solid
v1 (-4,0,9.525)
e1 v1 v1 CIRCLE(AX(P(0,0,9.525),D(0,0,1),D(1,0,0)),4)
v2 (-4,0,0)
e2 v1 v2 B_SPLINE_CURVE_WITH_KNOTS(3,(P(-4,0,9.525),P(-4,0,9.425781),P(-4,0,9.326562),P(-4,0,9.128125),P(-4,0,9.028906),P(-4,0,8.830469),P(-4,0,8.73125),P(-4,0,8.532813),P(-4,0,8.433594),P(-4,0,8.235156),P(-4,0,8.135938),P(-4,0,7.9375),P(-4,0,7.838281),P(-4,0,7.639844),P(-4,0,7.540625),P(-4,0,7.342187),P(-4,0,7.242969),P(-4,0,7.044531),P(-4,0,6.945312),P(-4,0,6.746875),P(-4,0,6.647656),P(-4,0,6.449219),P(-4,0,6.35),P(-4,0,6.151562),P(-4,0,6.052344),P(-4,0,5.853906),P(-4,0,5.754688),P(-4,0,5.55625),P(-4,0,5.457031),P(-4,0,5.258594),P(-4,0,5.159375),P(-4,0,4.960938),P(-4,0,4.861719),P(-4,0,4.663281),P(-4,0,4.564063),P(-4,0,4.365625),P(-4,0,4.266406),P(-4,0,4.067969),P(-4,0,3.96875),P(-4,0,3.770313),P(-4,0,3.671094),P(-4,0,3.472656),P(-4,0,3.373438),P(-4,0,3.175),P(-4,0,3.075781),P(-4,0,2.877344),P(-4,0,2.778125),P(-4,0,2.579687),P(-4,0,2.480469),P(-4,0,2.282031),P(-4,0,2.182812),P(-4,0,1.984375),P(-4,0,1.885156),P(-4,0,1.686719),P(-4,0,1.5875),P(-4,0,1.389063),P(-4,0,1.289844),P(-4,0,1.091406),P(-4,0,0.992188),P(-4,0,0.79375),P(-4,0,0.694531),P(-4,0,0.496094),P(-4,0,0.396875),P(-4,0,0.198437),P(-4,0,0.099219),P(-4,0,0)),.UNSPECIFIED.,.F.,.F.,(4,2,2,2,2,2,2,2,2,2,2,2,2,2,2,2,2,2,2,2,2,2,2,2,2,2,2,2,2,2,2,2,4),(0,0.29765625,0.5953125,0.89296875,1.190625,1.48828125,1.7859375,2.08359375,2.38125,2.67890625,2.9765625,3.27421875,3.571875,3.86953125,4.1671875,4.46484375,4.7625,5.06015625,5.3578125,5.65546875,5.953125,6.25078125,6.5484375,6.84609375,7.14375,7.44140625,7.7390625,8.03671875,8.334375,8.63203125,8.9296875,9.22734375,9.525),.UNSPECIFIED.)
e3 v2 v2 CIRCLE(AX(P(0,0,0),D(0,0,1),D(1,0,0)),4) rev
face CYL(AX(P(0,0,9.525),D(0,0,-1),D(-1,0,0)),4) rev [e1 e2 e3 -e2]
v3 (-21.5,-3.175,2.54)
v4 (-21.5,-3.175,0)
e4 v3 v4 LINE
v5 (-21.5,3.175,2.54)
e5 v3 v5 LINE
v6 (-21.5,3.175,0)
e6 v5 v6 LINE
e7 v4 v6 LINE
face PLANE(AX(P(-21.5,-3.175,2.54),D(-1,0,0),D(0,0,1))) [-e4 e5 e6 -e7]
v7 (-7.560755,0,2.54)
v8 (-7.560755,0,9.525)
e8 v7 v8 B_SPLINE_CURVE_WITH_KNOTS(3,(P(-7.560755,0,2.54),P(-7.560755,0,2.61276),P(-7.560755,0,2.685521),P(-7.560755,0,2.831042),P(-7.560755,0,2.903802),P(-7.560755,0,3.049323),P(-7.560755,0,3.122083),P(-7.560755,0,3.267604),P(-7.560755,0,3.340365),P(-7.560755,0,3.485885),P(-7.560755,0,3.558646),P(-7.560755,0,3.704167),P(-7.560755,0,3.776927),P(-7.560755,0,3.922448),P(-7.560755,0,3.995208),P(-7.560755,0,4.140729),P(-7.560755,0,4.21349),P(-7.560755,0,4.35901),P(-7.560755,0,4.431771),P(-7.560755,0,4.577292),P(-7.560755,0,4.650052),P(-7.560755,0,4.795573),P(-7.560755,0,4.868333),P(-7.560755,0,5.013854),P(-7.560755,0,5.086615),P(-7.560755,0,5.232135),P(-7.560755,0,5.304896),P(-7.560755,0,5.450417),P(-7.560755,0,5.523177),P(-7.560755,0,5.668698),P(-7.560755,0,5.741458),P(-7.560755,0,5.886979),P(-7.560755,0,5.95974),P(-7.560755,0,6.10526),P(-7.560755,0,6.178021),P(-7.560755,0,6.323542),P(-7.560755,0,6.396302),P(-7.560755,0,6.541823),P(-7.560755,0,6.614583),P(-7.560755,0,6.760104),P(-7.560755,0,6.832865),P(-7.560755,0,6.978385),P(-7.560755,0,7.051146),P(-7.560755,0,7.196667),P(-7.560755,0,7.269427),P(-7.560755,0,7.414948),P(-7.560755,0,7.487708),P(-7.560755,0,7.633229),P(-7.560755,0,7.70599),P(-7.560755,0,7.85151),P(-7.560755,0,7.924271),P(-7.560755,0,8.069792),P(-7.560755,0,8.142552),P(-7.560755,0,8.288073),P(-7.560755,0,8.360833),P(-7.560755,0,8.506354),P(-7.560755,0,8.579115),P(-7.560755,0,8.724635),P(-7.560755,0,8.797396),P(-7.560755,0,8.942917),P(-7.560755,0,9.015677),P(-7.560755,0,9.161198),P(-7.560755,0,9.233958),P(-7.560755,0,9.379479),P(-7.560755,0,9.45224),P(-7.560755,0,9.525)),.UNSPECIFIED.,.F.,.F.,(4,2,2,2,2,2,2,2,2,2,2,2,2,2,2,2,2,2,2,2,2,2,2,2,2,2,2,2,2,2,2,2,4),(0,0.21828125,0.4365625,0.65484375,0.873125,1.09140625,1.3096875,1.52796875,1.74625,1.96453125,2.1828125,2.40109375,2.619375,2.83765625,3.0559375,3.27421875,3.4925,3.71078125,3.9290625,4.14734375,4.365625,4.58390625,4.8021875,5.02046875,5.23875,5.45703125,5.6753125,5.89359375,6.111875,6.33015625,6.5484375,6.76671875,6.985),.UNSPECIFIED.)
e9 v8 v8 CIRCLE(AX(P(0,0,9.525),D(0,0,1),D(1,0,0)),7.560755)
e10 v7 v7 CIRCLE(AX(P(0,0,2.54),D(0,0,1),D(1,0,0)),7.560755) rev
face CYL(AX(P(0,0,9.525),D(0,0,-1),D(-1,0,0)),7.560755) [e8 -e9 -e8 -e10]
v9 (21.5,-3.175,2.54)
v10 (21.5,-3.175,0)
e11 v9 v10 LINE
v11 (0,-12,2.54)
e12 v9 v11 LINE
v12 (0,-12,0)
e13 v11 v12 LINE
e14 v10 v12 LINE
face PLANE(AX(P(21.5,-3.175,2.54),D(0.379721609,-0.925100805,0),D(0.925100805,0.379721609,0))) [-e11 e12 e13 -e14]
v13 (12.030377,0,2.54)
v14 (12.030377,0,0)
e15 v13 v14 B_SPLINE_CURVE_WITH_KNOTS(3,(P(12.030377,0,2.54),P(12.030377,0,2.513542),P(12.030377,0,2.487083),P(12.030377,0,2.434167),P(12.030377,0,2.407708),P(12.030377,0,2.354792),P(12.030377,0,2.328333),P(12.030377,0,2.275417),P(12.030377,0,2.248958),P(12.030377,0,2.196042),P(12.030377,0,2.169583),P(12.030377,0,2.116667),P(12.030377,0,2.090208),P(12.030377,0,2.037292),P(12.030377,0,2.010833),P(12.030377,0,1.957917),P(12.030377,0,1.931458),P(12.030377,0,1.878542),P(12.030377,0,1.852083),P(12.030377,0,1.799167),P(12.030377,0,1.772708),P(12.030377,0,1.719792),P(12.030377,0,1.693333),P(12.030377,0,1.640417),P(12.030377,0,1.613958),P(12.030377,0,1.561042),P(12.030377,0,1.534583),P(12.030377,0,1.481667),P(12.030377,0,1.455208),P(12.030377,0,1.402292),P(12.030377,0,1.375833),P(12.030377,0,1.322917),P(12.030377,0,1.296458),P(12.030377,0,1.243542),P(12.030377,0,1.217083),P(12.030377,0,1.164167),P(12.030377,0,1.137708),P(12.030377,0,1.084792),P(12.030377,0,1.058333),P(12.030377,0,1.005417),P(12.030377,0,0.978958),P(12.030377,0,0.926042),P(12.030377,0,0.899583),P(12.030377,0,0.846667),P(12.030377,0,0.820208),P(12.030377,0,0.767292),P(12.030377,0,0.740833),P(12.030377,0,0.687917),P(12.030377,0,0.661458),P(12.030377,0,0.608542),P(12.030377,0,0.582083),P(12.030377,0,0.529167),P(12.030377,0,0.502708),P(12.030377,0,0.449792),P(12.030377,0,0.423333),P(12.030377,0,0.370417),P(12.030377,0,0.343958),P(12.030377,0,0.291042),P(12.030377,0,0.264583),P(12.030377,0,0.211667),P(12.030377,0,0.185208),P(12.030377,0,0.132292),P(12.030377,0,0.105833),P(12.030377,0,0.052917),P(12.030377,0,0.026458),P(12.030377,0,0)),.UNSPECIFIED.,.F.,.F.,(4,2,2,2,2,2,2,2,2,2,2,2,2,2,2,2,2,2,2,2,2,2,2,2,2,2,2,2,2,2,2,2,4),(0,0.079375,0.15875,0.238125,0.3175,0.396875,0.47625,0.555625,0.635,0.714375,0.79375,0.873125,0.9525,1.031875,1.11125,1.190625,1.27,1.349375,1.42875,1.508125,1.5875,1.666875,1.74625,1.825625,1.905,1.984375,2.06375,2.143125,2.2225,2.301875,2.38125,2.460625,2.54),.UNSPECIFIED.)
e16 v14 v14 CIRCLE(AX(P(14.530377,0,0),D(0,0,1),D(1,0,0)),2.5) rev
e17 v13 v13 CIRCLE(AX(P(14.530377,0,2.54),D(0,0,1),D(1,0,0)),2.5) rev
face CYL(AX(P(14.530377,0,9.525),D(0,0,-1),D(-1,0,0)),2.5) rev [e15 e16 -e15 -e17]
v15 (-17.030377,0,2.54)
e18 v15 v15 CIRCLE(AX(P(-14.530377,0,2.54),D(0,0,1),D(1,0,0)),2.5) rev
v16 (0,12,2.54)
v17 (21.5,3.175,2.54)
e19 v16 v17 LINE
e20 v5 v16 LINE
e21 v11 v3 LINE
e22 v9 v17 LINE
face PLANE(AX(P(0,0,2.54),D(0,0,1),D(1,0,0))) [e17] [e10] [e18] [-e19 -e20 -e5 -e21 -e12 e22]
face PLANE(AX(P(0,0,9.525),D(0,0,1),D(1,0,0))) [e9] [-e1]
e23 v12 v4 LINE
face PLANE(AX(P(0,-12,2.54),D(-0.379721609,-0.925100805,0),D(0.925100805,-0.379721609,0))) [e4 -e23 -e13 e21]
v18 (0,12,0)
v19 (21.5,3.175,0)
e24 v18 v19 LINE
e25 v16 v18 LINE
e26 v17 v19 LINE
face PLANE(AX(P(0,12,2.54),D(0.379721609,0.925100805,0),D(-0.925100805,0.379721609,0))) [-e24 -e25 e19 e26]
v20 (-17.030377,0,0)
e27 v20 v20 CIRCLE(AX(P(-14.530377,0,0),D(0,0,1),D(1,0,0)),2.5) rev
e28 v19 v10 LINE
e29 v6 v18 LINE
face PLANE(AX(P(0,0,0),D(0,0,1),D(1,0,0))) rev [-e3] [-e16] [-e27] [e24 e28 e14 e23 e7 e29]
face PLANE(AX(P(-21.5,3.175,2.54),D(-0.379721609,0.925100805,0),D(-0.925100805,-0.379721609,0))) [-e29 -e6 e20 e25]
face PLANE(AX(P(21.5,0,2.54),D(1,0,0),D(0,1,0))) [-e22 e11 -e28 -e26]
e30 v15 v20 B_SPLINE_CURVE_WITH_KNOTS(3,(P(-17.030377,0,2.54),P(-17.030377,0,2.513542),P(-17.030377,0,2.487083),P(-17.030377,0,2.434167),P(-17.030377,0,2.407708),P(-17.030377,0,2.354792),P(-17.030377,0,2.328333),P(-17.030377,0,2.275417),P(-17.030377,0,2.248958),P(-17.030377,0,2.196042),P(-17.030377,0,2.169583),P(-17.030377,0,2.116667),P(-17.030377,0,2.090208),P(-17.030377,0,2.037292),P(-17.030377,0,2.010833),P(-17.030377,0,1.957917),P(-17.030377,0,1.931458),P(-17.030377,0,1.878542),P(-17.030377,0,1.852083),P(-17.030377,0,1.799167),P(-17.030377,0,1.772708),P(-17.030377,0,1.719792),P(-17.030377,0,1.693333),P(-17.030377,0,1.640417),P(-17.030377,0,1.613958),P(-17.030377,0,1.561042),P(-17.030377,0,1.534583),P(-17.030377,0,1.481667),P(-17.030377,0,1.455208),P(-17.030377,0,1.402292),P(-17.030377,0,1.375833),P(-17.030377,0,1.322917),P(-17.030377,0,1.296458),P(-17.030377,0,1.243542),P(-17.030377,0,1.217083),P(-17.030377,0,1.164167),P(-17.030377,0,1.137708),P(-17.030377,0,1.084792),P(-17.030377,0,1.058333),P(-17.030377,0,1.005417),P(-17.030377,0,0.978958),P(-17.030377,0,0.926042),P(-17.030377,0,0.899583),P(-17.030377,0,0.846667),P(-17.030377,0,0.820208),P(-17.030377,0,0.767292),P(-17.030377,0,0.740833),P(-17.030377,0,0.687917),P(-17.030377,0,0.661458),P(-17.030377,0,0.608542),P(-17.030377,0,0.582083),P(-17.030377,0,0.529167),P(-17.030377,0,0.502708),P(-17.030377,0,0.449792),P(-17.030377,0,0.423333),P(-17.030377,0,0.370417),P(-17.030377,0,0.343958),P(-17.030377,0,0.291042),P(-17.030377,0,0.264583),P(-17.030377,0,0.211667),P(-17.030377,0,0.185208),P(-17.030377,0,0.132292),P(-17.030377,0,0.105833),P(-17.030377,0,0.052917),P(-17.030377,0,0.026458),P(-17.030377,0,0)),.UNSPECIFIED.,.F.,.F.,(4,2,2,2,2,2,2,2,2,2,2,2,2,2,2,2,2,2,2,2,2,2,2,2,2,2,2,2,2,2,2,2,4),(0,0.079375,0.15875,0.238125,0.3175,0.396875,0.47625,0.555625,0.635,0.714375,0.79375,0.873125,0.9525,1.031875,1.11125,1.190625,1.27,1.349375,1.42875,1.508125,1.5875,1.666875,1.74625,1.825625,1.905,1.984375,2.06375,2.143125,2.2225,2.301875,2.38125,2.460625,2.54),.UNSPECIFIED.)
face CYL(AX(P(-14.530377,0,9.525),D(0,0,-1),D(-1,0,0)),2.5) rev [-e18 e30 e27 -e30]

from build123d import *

# Parameters (mm, degrees)
BOSS_EXTRUDE1_DEPTH     = 2.54
SKETCH1_4_R             = 7.560754729
BOSS_EXTRUDE2_DEPTH     = 9.525
CUT_EXTRUDE1_DEPTH      = 27.400295926
CUT_EXTRUDE1_DEPTH_BACK = 9.525
SKETCH1_8_R             = 4
SKETCH1_8_R_2           = 2.5


with BuildPart() as part:
    # Sketch1 → Boss-Extrude1 (new body)
    with BuildSketch(Plane.XY):
        Polygon((-21.5, 3.175), (0, 12), (21.5, 3.175), (21.5, 0), (21.5, -3.175), (0, -12), (-21.5, -3.175), align=None)
    extrude(amount=BOSS_EXTRUDE1_DEPTH)

    # Sketch1<4> → Boss-Extrude2 (add)
    with BuildSketch(Plane.XY):
        Circle(SKETCH1_4_R)
    extrude(amount=BOSS_EXTRUDE2_DEPTH)

    # Sketch1<8> → Cut-Extrude1 (cut, two sides: drawn at the far end of the back side and taken through both)
    with BuildSketch(Plane.XY.offset(-CUT_EXTRUDE1_DEPTH_BACK)):
        Circle(SKETCH1_8_R)
        with Locations((-14.530377365, 0)):
            Circle(SKETCH1_8_R_2)
        with Locations((14.530377365, 0)):
            Circle(SKETCH1_8_R_2)
    extrude(amount=CUT_EXTRUDE1_DEPTH + CUT_EXTRUDE1_DEPTH_BACK, mode=Mode.SUBTRACT)


solid = part.part
